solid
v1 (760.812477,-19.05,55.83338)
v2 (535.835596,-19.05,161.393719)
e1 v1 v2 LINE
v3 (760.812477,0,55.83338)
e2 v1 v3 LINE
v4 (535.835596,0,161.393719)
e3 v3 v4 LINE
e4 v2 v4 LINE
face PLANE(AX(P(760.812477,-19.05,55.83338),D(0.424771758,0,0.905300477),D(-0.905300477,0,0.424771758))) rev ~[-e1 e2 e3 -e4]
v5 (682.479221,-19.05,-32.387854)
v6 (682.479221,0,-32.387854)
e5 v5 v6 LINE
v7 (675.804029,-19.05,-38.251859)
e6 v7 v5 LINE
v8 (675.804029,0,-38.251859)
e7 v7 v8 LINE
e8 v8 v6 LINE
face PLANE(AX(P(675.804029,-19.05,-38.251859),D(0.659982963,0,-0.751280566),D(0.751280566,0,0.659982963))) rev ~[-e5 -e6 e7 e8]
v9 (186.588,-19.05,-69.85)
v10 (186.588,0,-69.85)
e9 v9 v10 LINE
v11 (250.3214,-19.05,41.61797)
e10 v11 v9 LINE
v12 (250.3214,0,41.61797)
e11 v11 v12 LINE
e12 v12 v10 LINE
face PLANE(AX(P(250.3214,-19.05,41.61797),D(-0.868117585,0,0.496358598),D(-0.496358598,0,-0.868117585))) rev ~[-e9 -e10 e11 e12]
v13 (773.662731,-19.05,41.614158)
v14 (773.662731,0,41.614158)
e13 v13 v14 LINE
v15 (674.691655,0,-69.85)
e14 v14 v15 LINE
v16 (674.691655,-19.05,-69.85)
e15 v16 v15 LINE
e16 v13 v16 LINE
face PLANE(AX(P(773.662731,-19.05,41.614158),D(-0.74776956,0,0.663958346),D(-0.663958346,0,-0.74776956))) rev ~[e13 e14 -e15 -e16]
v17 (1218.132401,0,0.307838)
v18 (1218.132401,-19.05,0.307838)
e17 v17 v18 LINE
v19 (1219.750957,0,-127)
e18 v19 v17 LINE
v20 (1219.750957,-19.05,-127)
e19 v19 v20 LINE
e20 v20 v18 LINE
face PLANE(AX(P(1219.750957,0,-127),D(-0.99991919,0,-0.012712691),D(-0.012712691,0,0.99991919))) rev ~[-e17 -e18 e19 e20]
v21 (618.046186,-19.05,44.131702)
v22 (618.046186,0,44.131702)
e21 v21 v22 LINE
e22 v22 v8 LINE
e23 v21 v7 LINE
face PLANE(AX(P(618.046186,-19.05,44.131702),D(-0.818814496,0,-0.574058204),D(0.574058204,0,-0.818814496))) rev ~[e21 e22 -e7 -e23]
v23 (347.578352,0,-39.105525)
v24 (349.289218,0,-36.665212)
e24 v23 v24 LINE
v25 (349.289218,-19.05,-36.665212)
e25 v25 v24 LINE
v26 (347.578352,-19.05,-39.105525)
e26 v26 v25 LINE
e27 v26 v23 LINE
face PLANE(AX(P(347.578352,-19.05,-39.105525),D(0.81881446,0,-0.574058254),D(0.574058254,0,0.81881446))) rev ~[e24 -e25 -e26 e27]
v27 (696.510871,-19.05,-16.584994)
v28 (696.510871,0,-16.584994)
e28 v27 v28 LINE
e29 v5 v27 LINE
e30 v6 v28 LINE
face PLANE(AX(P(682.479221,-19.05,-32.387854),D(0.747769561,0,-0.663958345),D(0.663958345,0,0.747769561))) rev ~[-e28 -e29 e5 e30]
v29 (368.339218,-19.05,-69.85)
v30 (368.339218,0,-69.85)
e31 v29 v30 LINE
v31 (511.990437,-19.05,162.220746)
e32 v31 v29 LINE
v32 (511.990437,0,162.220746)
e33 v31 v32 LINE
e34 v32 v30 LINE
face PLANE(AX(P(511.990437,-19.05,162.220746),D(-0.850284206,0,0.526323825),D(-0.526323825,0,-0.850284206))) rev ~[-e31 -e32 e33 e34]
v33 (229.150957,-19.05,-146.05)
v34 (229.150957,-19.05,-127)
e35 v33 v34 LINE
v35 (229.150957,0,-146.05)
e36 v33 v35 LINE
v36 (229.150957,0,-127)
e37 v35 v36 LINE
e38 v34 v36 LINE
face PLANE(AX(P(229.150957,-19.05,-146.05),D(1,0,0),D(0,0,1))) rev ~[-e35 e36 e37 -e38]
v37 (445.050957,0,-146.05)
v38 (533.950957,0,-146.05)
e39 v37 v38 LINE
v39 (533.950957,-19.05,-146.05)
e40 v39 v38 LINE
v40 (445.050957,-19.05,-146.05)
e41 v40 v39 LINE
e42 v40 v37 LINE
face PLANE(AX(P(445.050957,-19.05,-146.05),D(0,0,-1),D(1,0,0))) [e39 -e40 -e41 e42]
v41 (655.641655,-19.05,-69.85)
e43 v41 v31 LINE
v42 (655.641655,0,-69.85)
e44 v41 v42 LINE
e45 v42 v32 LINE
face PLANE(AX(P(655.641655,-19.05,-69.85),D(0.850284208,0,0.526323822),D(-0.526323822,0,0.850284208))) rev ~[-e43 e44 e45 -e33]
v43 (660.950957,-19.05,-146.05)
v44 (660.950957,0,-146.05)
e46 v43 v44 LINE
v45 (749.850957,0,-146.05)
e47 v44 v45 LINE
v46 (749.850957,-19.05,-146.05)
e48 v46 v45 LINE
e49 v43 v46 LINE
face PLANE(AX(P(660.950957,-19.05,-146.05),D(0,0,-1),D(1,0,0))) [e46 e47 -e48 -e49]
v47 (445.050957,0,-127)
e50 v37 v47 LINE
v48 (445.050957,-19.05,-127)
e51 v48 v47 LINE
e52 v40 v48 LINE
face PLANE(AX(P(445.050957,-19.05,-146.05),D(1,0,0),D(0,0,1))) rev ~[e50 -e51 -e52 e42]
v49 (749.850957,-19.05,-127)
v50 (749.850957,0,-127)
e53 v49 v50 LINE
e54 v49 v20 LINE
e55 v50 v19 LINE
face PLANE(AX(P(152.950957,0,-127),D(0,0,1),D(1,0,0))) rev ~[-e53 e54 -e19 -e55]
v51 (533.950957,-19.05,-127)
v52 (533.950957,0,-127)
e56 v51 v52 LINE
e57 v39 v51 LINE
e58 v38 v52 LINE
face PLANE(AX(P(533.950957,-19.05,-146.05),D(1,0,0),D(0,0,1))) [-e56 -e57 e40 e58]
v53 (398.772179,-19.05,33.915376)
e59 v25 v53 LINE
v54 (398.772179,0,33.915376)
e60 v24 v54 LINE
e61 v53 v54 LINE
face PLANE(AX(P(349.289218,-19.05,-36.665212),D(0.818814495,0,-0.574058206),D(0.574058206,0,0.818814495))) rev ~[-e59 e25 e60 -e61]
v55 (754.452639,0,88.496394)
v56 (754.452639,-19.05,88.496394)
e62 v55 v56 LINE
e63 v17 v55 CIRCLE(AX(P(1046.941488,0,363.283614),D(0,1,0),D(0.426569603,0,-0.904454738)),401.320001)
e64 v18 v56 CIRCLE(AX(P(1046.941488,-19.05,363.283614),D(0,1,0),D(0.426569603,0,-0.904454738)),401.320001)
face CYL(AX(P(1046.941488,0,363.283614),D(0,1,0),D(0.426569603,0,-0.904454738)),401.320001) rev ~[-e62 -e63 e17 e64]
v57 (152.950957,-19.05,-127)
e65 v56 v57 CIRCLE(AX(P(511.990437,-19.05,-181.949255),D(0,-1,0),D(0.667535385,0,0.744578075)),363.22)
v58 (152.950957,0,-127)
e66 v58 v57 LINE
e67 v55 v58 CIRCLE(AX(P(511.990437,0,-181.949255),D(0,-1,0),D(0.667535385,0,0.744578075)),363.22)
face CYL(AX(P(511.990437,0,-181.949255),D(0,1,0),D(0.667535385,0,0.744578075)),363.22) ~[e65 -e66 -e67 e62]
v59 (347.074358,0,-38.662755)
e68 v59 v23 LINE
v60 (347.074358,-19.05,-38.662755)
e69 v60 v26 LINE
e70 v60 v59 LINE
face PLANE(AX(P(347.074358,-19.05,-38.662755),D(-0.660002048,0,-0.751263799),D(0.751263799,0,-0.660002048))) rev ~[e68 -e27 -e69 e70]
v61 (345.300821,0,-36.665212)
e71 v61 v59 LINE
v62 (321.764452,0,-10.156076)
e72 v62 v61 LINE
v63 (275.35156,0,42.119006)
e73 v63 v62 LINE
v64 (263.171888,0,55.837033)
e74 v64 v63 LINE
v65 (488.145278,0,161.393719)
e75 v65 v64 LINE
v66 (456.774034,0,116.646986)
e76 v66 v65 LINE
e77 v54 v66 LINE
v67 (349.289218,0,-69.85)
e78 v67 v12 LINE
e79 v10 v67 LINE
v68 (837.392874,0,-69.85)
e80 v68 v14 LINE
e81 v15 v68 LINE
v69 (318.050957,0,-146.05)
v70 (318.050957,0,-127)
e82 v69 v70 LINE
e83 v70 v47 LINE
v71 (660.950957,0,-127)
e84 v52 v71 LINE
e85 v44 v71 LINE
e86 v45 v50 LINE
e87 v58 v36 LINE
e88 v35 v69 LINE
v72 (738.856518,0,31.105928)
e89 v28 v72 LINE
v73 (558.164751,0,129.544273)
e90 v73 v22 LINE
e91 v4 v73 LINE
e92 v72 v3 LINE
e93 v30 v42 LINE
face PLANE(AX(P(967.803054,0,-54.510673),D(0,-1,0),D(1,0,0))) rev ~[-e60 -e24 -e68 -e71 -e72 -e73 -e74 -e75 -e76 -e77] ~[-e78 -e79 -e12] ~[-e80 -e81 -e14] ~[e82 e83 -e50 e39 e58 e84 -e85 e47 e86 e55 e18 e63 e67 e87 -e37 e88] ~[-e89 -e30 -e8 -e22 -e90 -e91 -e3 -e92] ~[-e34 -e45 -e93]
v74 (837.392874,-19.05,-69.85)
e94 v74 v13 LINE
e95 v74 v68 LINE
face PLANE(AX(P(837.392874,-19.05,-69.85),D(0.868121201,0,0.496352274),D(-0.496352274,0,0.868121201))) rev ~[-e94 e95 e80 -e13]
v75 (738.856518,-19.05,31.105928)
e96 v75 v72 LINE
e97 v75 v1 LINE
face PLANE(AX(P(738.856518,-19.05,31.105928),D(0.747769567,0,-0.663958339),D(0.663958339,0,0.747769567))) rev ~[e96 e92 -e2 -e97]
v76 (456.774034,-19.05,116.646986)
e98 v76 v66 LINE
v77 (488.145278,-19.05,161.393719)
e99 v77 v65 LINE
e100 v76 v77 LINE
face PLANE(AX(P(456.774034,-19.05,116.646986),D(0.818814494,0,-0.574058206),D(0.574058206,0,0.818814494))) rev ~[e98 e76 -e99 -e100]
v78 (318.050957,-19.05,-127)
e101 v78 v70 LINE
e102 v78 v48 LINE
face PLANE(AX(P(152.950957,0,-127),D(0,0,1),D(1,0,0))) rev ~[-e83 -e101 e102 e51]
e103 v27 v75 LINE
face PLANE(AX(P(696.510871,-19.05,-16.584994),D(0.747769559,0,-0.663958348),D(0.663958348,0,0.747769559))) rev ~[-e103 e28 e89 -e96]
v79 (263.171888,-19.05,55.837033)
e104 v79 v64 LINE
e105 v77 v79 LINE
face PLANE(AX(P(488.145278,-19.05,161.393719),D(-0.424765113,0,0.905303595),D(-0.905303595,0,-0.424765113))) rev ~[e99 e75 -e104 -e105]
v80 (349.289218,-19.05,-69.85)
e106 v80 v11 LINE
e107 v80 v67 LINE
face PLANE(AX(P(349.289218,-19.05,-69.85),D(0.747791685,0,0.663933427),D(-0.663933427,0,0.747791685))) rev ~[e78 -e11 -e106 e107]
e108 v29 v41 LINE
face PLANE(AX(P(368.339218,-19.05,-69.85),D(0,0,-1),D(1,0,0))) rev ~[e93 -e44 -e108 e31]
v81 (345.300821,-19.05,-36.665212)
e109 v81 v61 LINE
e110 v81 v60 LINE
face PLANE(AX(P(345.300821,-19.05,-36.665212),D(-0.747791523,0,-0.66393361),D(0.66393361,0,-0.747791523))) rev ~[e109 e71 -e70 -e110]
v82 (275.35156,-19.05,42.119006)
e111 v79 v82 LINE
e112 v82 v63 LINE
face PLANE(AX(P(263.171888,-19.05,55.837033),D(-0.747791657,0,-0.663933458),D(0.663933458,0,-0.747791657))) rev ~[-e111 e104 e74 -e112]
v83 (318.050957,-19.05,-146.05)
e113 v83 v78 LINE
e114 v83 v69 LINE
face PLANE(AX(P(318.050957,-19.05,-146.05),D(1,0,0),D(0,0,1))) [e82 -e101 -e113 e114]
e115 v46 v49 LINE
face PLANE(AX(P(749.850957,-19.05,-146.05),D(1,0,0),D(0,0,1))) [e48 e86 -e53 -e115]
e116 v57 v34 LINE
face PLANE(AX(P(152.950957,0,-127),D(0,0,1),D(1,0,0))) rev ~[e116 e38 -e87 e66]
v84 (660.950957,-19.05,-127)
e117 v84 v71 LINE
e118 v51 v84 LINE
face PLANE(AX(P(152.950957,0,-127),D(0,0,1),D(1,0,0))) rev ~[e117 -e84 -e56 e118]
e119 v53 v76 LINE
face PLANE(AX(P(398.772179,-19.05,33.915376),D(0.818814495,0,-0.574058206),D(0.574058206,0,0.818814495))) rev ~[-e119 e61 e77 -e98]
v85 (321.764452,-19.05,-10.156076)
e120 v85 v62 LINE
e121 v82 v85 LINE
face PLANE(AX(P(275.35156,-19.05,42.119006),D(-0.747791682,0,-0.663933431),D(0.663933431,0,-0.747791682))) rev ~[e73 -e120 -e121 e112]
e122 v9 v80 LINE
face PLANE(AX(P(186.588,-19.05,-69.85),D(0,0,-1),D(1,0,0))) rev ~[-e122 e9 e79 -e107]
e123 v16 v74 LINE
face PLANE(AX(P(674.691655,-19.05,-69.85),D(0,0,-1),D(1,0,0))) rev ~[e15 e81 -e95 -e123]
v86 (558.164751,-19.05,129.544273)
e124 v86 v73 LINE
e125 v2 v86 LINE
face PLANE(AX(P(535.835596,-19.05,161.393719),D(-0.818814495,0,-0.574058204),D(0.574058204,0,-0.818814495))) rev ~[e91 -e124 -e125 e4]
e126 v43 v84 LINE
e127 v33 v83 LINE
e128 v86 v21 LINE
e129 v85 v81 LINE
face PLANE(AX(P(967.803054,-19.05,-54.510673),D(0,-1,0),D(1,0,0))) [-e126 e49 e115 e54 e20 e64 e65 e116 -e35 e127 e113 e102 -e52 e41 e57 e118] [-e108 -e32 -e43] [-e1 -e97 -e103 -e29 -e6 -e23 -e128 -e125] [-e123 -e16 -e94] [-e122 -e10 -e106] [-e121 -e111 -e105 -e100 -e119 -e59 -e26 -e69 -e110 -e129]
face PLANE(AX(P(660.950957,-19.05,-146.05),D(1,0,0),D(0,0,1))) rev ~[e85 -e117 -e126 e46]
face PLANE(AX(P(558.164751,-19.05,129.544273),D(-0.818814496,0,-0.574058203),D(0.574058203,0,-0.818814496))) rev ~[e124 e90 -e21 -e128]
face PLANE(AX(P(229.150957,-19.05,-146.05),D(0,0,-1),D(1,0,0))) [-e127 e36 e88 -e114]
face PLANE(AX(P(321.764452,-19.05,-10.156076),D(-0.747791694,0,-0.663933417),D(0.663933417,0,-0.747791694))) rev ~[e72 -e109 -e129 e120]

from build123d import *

# Parameters (mm, degrees)
F1_DEPTH = 19.05
F3_DEPTH = 25.4
F4_W     = 88.9
F4_H     = 19.05
F5_DEPTH = 19.05


with BuildPart() as f1:
    # F0 (on Front) → F1 (new body)
    with BuildSketch(Plane.XZ):
        with BuildLine():
            Line((754.452639, -127), (1219.750957, -127))
            Line((1219.750957, -127), (1218.132401, 0.307838))
            ThreePointArc((1218.132401, 0.307838), (971.957472, -30.969021), (754.452639, 88.496394))
            Line((754.452639, 88.496394), (754.452639, -127))
        make_face()
        with BuildLine():
            Line((152.950957, -127), (754.452639, -127))
            Line((754.452639, -127), (754.452639, 88.496394))
            ThreePointArc((754.452639, 88.496394), (389.486399, 159.988648), (152.950957, -127))
        make_face()
    extrude(amount=F1_DEPTH)

    # F2 (on face) → F3 (cut)
    with BuildSketch(Plane.XZ.offset(19.05)):
        Polygon((349.289218, -69.85), (250.3214, 41.61797), (186.588, -69.85), (250.3214, -69.85), (313.393829, -69.85), (314.054799, -69.85), align=None)
        Polygon((398.772179, 33.915376), (456.774034, 116.646986), (488.145278, 161.393719), (263.171888, 55.837033), (275.35156, 42.119006), (321.764452, -10.156076), (345.300821, -36.665212), (347.074358, -38.662755), (347.578352, -39.105525), (349.289218, -36.665212), align=None)
        Polygon((511.990437, 162.220746), (368.339218, -69.85), (655.641655, -69.85), align=None)
        Polygon((535.835596, 161.393719), (558.164751, 129.544273), (618.046186, 44.131702), (675.804029, -38.251859), (682.479221, -32.387854), (696.510871, -16.584994), (738.856518, 31.105928), (760.812477, 55.83338), align=None)
        Polygon((837.392874, -69.85), (773.662731, 41.614158), (674.691655, -69.85), align=None)
    extrude(amount=-F3_DEPTH, mode=Mode.SUBTRACT)

    # F4 (on face) → F5 (join)
    with BuildSketch(Plane.XZ.offset(19.05)):
        with Locations((705.400957, -136.525)):
            Rectangle(F4_W, F4_H)
        with Locations((273.600957, -136.525)):
            Rectangle(F4_W, F4_H)
        with Locations((489.500957, -136.525)):
            Rectangle(F4_W, F4_H)
    extrude(amount=-F5_DEPTH)


solid = f1.part
